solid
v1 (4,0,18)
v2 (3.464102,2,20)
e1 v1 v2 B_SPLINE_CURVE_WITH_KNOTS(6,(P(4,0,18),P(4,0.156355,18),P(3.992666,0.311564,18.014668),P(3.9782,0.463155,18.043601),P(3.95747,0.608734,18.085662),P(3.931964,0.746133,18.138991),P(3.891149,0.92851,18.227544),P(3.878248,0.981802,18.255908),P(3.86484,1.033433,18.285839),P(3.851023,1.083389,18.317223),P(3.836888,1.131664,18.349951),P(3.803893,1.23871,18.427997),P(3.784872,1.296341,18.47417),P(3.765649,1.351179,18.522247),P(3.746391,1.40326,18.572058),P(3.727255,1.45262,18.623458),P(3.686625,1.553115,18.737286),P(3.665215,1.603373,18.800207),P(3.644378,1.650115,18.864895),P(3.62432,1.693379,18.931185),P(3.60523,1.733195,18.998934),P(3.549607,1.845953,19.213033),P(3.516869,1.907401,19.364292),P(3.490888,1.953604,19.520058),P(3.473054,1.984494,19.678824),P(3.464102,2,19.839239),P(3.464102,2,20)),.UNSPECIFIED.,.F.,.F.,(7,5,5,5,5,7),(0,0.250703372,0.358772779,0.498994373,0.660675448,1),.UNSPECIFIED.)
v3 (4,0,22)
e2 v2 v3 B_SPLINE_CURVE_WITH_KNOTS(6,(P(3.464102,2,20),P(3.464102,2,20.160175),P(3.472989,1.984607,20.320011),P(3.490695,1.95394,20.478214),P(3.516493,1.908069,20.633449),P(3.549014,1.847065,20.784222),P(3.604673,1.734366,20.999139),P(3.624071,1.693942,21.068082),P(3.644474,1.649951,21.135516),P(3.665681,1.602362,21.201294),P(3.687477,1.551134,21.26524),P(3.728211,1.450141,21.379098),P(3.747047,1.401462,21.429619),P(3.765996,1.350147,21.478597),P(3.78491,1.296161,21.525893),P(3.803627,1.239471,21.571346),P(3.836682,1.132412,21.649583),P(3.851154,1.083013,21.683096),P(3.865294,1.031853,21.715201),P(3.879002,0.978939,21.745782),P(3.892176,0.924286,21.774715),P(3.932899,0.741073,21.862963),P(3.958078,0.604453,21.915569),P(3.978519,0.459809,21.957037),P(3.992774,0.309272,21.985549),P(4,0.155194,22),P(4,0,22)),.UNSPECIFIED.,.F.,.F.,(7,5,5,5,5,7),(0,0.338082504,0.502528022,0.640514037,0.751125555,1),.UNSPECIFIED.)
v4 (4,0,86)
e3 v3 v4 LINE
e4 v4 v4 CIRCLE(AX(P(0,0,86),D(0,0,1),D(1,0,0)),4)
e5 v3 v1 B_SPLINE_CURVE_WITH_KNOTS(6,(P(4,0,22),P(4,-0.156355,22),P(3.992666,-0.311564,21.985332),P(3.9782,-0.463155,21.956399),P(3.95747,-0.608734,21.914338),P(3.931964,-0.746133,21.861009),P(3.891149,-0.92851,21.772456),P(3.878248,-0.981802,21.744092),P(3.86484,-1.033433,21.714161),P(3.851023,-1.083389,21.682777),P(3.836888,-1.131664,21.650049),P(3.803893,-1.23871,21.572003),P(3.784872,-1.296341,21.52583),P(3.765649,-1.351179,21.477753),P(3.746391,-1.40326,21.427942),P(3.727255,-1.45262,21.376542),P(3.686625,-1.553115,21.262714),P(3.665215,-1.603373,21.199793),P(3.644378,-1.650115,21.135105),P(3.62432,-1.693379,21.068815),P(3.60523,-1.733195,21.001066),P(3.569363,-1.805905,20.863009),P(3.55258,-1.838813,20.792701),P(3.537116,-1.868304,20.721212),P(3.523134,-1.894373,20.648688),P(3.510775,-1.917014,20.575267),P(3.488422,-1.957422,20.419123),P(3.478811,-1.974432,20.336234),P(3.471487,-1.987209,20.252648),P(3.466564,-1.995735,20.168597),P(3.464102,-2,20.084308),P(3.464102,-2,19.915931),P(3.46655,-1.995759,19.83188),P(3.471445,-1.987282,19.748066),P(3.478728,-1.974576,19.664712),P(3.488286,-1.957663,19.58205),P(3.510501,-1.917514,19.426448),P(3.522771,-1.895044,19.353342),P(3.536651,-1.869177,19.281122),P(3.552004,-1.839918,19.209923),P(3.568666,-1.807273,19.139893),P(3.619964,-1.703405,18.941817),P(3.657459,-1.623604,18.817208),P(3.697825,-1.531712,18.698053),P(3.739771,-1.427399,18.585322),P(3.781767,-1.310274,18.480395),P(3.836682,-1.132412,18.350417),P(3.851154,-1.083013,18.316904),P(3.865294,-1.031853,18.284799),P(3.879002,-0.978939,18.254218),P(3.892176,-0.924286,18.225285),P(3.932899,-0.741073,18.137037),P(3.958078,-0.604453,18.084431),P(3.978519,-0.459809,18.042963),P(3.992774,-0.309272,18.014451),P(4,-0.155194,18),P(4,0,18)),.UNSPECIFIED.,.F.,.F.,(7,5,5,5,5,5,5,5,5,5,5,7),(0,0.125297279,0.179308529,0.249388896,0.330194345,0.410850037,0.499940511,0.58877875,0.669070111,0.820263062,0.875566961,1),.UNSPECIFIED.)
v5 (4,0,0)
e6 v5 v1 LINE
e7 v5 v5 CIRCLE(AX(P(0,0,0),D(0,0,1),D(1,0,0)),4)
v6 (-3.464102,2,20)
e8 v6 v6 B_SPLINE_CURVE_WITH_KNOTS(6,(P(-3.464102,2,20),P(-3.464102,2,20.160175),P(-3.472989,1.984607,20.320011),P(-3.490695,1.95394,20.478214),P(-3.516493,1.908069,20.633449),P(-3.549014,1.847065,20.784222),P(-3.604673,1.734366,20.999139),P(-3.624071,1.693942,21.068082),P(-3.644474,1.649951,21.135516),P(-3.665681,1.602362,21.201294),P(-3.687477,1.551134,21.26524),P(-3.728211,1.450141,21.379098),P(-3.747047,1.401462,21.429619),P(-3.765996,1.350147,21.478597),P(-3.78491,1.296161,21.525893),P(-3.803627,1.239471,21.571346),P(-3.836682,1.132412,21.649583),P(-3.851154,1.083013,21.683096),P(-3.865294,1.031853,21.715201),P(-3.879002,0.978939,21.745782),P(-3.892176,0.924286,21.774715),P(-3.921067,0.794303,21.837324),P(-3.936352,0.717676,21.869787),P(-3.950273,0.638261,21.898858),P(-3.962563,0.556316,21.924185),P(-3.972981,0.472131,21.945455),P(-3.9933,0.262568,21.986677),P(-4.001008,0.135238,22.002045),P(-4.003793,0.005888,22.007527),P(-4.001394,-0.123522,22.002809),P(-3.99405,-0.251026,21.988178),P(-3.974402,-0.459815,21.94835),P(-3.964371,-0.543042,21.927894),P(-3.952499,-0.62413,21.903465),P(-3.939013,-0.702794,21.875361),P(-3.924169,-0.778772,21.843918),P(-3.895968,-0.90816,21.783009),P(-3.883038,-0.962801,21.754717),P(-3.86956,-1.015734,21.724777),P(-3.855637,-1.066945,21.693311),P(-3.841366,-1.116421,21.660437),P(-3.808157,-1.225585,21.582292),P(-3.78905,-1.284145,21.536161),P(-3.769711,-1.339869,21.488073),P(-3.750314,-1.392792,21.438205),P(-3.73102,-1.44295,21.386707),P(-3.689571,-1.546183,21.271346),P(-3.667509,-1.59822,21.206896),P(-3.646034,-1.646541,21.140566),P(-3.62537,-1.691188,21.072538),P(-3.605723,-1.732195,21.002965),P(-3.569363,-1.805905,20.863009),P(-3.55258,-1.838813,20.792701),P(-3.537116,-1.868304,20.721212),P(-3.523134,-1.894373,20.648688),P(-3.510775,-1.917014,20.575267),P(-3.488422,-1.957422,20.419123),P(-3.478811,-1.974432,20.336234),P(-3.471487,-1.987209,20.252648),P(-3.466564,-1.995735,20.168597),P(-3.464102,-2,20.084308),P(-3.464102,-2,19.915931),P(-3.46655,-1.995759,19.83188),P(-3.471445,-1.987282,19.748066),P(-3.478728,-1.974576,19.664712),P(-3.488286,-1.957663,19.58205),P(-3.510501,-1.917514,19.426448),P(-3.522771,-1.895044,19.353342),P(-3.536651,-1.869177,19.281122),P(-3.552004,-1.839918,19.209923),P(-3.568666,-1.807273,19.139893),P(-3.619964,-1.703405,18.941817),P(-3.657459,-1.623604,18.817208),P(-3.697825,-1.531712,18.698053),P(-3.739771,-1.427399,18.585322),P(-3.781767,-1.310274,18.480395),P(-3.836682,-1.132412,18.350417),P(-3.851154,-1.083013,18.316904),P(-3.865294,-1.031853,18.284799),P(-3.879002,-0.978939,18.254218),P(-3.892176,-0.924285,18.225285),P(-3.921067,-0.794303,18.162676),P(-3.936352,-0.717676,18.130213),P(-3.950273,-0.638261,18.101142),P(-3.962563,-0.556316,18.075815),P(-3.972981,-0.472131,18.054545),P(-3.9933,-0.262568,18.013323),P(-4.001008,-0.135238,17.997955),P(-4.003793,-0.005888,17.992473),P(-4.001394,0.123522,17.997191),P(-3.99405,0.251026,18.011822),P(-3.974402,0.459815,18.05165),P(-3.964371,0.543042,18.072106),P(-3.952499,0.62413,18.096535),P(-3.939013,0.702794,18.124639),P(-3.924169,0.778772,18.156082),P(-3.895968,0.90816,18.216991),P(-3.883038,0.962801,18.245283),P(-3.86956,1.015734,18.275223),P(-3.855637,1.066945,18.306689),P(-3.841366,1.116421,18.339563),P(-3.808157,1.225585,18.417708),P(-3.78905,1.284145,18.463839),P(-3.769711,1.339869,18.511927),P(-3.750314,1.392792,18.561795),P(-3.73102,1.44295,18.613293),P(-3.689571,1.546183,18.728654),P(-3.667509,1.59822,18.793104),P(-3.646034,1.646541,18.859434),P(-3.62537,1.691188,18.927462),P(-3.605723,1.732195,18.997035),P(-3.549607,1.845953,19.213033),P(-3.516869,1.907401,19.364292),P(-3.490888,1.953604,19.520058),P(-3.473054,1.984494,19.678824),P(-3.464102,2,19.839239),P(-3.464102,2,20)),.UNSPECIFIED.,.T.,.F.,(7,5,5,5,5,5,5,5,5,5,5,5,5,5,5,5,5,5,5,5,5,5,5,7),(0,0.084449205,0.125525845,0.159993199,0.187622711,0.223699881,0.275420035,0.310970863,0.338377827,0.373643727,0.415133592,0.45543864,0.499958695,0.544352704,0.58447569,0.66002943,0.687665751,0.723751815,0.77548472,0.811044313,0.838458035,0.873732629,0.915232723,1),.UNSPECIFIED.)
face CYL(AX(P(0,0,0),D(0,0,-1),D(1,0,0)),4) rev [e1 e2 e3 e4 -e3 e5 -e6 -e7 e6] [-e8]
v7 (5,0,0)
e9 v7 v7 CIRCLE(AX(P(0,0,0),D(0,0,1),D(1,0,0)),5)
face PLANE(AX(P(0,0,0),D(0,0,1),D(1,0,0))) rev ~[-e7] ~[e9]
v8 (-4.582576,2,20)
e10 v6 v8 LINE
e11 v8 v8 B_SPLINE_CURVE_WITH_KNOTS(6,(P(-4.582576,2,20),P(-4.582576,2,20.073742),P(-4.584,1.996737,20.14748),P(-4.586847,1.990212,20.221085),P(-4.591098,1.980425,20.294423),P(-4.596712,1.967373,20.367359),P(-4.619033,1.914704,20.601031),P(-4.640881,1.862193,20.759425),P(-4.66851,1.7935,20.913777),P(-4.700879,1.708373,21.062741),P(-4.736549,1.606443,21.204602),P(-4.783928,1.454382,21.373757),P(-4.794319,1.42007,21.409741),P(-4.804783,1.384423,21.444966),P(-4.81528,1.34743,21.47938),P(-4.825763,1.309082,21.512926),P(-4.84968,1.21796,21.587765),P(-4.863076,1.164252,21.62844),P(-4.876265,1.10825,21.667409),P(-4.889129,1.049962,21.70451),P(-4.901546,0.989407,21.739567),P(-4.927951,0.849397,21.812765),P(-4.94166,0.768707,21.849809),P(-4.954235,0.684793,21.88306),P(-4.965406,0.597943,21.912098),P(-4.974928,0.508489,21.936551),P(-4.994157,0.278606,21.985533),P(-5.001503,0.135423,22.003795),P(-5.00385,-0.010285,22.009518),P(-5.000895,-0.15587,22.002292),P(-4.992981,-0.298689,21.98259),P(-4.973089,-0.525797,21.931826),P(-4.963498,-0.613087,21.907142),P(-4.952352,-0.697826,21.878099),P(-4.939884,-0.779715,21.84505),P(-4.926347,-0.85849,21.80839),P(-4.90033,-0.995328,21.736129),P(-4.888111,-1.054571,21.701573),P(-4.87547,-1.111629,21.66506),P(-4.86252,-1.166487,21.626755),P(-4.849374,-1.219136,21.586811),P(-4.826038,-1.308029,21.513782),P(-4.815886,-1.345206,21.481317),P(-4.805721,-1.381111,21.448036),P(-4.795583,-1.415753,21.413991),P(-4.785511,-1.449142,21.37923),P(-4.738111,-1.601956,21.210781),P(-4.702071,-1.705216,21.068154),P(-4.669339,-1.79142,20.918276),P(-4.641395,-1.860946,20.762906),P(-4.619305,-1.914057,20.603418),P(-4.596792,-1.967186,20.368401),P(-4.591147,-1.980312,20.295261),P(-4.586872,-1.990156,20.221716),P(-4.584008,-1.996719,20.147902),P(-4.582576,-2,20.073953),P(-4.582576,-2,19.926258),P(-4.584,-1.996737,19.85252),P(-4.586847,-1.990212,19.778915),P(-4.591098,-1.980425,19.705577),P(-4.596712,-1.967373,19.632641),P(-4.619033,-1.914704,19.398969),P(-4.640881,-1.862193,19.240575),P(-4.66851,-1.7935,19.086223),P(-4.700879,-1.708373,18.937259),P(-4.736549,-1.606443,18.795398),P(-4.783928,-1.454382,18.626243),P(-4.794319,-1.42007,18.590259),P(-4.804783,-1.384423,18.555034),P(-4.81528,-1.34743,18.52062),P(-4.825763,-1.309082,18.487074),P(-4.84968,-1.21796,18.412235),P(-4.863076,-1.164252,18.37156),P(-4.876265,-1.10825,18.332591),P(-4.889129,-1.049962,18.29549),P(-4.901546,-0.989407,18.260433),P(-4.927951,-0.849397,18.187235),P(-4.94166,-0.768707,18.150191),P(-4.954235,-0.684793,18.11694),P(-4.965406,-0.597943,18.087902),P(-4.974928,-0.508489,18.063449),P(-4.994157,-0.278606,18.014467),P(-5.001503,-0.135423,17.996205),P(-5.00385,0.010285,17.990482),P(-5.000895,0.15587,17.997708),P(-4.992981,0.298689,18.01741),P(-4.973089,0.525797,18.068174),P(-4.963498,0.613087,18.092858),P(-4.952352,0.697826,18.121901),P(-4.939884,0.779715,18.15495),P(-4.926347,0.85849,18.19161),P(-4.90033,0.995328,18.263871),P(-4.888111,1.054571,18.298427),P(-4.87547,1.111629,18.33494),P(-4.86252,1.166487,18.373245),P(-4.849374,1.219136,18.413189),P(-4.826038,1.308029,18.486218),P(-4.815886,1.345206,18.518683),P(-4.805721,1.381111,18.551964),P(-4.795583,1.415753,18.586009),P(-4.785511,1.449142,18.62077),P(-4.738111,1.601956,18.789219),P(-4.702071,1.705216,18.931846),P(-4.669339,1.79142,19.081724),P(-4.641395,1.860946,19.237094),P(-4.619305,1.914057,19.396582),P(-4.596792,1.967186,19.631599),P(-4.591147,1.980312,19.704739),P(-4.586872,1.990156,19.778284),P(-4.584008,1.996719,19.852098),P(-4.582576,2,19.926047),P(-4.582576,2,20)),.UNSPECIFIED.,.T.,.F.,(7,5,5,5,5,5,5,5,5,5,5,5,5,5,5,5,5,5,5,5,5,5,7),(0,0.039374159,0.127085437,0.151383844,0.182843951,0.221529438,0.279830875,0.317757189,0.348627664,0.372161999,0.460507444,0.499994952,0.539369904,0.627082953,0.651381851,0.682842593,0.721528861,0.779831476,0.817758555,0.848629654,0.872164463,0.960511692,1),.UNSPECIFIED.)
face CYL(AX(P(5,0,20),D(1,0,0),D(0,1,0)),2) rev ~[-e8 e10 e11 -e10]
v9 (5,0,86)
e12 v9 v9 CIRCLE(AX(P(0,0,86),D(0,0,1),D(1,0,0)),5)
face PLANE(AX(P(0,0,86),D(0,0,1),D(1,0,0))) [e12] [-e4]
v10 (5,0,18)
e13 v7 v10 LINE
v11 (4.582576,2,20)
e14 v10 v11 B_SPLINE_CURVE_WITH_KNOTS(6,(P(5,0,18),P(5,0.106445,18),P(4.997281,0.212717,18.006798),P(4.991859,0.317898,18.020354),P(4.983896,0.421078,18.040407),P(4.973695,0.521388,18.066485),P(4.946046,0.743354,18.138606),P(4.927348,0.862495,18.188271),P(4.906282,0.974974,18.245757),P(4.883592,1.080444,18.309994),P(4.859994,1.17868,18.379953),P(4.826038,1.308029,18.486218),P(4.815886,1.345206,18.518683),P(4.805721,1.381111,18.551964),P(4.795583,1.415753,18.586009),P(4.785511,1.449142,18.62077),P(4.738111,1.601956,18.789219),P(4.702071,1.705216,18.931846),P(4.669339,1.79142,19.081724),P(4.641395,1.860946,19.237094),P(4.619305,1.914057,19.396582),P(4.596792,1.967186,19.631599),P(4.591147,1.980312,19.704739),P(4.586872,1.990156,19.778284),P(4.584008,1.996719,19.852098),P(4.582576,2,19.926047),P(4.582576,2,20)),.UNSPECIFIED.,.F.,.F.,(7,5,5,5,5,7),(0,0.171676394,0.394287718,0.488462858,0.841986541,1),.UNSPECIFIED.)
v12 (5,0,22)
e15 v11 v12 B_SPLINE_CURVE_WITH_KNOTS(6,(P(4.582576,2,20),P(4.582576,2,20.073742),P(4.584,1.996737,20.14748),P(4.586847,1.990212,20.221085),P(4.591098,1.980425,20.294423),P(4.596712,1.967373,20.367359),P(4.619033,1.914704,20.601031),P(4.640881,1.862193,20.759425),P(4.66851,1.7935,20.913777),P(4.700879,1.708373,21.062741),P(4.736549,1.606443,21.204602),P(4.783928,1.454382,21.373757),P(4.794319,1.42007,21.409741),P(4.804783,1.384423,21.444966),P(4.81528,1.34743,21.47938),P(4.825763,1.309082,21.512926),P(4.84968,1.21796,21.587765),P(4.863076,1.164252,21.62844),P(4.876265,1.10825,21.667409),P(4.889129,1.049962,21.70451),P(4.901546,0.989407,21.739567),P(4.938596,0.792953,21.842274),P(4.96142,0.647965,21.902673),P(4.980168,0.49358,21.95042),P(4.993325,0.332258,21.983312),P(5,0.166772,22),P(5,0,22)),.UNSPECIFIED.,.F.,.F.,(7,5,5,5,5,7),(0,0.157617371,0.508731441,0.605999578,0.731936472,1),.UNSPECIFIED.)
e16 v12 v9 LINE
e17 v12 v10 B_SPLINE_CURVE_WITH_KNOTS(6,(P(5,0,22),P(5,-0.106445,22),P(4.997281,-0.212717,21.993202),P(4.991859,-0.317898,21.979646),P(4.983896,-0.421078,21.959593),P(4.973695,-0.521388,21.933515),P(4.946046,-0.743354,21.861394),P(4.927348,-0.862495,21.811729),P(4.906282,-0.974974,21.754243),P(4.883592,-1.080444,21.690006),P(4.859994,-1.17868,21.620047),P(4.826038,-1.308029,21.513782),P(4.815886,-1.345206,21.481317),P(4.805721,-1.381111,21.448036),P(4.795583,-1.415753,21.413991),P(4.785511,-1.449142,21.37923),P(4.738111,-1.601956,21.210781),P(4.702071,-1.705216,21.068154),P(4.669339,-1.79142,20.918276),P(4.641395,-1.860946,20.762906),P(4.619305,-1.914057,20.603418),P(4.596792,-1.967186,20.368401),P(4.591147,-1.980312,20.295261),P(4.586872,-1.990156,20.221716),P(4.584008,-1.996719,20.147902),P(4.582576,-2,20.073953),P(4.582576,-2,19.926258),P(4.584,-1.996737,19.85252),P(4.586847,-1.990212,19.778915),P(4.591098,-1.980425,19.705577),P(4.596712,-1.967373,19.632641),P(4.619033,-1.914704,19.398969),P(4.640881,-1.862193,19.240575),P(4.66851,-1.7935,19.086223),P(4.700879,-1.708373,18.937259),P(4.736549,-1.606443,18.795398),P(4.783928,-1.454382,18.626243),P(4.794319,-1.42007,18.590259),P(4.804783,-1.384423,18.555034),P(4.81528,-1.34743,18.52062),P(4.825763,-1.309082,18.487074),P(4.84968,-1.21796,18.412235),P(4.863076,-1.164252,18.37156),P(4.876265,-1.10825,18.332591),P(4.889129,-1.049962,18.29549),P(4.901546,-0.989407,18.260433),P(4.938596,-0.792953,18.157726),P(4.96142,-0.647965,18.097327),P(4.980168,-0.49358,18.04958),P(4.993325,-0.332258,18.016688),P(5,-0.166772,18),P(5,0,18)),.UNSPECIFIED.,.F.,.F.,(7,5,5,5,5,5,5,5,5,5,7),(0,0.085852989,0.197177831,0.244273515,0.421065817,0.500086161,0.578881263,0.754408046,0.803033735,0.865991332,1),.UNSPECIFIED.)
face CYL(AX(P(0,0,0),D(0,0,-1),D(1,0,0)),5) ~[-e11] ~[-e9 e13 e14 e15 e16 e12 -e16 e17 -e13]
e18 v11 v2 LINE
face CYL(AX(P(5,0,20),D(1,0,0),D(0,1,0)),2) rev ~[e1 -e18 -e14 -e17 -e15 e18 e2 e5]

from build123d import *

# Parameters (mm, degrees)
F0_R     = 5
F0_R_2   = 4
F1_DEPTH = 86
F3_R     = 2
F4_DEPTH = 10


with BuildPart() as f1:
    # F0 (on Top) → F1 (new body)
    with BuildSketch(Plane.XY):
        Circle(F0_R)
        Circle(F0_R_2, mode=Mode.SUBTRACT)
    extrude(amount=F1_DEPTH)

    # F3 (on offset) → F4 (cut)
    with BuildSketch(Plane.YZ.offset(5)):
        with Locations((0, 20)):
            Circle(F3_R)
    extrude(amount=-F4_DEPTH, mode=Mode.SUBTRACT)


solid = f1.part
